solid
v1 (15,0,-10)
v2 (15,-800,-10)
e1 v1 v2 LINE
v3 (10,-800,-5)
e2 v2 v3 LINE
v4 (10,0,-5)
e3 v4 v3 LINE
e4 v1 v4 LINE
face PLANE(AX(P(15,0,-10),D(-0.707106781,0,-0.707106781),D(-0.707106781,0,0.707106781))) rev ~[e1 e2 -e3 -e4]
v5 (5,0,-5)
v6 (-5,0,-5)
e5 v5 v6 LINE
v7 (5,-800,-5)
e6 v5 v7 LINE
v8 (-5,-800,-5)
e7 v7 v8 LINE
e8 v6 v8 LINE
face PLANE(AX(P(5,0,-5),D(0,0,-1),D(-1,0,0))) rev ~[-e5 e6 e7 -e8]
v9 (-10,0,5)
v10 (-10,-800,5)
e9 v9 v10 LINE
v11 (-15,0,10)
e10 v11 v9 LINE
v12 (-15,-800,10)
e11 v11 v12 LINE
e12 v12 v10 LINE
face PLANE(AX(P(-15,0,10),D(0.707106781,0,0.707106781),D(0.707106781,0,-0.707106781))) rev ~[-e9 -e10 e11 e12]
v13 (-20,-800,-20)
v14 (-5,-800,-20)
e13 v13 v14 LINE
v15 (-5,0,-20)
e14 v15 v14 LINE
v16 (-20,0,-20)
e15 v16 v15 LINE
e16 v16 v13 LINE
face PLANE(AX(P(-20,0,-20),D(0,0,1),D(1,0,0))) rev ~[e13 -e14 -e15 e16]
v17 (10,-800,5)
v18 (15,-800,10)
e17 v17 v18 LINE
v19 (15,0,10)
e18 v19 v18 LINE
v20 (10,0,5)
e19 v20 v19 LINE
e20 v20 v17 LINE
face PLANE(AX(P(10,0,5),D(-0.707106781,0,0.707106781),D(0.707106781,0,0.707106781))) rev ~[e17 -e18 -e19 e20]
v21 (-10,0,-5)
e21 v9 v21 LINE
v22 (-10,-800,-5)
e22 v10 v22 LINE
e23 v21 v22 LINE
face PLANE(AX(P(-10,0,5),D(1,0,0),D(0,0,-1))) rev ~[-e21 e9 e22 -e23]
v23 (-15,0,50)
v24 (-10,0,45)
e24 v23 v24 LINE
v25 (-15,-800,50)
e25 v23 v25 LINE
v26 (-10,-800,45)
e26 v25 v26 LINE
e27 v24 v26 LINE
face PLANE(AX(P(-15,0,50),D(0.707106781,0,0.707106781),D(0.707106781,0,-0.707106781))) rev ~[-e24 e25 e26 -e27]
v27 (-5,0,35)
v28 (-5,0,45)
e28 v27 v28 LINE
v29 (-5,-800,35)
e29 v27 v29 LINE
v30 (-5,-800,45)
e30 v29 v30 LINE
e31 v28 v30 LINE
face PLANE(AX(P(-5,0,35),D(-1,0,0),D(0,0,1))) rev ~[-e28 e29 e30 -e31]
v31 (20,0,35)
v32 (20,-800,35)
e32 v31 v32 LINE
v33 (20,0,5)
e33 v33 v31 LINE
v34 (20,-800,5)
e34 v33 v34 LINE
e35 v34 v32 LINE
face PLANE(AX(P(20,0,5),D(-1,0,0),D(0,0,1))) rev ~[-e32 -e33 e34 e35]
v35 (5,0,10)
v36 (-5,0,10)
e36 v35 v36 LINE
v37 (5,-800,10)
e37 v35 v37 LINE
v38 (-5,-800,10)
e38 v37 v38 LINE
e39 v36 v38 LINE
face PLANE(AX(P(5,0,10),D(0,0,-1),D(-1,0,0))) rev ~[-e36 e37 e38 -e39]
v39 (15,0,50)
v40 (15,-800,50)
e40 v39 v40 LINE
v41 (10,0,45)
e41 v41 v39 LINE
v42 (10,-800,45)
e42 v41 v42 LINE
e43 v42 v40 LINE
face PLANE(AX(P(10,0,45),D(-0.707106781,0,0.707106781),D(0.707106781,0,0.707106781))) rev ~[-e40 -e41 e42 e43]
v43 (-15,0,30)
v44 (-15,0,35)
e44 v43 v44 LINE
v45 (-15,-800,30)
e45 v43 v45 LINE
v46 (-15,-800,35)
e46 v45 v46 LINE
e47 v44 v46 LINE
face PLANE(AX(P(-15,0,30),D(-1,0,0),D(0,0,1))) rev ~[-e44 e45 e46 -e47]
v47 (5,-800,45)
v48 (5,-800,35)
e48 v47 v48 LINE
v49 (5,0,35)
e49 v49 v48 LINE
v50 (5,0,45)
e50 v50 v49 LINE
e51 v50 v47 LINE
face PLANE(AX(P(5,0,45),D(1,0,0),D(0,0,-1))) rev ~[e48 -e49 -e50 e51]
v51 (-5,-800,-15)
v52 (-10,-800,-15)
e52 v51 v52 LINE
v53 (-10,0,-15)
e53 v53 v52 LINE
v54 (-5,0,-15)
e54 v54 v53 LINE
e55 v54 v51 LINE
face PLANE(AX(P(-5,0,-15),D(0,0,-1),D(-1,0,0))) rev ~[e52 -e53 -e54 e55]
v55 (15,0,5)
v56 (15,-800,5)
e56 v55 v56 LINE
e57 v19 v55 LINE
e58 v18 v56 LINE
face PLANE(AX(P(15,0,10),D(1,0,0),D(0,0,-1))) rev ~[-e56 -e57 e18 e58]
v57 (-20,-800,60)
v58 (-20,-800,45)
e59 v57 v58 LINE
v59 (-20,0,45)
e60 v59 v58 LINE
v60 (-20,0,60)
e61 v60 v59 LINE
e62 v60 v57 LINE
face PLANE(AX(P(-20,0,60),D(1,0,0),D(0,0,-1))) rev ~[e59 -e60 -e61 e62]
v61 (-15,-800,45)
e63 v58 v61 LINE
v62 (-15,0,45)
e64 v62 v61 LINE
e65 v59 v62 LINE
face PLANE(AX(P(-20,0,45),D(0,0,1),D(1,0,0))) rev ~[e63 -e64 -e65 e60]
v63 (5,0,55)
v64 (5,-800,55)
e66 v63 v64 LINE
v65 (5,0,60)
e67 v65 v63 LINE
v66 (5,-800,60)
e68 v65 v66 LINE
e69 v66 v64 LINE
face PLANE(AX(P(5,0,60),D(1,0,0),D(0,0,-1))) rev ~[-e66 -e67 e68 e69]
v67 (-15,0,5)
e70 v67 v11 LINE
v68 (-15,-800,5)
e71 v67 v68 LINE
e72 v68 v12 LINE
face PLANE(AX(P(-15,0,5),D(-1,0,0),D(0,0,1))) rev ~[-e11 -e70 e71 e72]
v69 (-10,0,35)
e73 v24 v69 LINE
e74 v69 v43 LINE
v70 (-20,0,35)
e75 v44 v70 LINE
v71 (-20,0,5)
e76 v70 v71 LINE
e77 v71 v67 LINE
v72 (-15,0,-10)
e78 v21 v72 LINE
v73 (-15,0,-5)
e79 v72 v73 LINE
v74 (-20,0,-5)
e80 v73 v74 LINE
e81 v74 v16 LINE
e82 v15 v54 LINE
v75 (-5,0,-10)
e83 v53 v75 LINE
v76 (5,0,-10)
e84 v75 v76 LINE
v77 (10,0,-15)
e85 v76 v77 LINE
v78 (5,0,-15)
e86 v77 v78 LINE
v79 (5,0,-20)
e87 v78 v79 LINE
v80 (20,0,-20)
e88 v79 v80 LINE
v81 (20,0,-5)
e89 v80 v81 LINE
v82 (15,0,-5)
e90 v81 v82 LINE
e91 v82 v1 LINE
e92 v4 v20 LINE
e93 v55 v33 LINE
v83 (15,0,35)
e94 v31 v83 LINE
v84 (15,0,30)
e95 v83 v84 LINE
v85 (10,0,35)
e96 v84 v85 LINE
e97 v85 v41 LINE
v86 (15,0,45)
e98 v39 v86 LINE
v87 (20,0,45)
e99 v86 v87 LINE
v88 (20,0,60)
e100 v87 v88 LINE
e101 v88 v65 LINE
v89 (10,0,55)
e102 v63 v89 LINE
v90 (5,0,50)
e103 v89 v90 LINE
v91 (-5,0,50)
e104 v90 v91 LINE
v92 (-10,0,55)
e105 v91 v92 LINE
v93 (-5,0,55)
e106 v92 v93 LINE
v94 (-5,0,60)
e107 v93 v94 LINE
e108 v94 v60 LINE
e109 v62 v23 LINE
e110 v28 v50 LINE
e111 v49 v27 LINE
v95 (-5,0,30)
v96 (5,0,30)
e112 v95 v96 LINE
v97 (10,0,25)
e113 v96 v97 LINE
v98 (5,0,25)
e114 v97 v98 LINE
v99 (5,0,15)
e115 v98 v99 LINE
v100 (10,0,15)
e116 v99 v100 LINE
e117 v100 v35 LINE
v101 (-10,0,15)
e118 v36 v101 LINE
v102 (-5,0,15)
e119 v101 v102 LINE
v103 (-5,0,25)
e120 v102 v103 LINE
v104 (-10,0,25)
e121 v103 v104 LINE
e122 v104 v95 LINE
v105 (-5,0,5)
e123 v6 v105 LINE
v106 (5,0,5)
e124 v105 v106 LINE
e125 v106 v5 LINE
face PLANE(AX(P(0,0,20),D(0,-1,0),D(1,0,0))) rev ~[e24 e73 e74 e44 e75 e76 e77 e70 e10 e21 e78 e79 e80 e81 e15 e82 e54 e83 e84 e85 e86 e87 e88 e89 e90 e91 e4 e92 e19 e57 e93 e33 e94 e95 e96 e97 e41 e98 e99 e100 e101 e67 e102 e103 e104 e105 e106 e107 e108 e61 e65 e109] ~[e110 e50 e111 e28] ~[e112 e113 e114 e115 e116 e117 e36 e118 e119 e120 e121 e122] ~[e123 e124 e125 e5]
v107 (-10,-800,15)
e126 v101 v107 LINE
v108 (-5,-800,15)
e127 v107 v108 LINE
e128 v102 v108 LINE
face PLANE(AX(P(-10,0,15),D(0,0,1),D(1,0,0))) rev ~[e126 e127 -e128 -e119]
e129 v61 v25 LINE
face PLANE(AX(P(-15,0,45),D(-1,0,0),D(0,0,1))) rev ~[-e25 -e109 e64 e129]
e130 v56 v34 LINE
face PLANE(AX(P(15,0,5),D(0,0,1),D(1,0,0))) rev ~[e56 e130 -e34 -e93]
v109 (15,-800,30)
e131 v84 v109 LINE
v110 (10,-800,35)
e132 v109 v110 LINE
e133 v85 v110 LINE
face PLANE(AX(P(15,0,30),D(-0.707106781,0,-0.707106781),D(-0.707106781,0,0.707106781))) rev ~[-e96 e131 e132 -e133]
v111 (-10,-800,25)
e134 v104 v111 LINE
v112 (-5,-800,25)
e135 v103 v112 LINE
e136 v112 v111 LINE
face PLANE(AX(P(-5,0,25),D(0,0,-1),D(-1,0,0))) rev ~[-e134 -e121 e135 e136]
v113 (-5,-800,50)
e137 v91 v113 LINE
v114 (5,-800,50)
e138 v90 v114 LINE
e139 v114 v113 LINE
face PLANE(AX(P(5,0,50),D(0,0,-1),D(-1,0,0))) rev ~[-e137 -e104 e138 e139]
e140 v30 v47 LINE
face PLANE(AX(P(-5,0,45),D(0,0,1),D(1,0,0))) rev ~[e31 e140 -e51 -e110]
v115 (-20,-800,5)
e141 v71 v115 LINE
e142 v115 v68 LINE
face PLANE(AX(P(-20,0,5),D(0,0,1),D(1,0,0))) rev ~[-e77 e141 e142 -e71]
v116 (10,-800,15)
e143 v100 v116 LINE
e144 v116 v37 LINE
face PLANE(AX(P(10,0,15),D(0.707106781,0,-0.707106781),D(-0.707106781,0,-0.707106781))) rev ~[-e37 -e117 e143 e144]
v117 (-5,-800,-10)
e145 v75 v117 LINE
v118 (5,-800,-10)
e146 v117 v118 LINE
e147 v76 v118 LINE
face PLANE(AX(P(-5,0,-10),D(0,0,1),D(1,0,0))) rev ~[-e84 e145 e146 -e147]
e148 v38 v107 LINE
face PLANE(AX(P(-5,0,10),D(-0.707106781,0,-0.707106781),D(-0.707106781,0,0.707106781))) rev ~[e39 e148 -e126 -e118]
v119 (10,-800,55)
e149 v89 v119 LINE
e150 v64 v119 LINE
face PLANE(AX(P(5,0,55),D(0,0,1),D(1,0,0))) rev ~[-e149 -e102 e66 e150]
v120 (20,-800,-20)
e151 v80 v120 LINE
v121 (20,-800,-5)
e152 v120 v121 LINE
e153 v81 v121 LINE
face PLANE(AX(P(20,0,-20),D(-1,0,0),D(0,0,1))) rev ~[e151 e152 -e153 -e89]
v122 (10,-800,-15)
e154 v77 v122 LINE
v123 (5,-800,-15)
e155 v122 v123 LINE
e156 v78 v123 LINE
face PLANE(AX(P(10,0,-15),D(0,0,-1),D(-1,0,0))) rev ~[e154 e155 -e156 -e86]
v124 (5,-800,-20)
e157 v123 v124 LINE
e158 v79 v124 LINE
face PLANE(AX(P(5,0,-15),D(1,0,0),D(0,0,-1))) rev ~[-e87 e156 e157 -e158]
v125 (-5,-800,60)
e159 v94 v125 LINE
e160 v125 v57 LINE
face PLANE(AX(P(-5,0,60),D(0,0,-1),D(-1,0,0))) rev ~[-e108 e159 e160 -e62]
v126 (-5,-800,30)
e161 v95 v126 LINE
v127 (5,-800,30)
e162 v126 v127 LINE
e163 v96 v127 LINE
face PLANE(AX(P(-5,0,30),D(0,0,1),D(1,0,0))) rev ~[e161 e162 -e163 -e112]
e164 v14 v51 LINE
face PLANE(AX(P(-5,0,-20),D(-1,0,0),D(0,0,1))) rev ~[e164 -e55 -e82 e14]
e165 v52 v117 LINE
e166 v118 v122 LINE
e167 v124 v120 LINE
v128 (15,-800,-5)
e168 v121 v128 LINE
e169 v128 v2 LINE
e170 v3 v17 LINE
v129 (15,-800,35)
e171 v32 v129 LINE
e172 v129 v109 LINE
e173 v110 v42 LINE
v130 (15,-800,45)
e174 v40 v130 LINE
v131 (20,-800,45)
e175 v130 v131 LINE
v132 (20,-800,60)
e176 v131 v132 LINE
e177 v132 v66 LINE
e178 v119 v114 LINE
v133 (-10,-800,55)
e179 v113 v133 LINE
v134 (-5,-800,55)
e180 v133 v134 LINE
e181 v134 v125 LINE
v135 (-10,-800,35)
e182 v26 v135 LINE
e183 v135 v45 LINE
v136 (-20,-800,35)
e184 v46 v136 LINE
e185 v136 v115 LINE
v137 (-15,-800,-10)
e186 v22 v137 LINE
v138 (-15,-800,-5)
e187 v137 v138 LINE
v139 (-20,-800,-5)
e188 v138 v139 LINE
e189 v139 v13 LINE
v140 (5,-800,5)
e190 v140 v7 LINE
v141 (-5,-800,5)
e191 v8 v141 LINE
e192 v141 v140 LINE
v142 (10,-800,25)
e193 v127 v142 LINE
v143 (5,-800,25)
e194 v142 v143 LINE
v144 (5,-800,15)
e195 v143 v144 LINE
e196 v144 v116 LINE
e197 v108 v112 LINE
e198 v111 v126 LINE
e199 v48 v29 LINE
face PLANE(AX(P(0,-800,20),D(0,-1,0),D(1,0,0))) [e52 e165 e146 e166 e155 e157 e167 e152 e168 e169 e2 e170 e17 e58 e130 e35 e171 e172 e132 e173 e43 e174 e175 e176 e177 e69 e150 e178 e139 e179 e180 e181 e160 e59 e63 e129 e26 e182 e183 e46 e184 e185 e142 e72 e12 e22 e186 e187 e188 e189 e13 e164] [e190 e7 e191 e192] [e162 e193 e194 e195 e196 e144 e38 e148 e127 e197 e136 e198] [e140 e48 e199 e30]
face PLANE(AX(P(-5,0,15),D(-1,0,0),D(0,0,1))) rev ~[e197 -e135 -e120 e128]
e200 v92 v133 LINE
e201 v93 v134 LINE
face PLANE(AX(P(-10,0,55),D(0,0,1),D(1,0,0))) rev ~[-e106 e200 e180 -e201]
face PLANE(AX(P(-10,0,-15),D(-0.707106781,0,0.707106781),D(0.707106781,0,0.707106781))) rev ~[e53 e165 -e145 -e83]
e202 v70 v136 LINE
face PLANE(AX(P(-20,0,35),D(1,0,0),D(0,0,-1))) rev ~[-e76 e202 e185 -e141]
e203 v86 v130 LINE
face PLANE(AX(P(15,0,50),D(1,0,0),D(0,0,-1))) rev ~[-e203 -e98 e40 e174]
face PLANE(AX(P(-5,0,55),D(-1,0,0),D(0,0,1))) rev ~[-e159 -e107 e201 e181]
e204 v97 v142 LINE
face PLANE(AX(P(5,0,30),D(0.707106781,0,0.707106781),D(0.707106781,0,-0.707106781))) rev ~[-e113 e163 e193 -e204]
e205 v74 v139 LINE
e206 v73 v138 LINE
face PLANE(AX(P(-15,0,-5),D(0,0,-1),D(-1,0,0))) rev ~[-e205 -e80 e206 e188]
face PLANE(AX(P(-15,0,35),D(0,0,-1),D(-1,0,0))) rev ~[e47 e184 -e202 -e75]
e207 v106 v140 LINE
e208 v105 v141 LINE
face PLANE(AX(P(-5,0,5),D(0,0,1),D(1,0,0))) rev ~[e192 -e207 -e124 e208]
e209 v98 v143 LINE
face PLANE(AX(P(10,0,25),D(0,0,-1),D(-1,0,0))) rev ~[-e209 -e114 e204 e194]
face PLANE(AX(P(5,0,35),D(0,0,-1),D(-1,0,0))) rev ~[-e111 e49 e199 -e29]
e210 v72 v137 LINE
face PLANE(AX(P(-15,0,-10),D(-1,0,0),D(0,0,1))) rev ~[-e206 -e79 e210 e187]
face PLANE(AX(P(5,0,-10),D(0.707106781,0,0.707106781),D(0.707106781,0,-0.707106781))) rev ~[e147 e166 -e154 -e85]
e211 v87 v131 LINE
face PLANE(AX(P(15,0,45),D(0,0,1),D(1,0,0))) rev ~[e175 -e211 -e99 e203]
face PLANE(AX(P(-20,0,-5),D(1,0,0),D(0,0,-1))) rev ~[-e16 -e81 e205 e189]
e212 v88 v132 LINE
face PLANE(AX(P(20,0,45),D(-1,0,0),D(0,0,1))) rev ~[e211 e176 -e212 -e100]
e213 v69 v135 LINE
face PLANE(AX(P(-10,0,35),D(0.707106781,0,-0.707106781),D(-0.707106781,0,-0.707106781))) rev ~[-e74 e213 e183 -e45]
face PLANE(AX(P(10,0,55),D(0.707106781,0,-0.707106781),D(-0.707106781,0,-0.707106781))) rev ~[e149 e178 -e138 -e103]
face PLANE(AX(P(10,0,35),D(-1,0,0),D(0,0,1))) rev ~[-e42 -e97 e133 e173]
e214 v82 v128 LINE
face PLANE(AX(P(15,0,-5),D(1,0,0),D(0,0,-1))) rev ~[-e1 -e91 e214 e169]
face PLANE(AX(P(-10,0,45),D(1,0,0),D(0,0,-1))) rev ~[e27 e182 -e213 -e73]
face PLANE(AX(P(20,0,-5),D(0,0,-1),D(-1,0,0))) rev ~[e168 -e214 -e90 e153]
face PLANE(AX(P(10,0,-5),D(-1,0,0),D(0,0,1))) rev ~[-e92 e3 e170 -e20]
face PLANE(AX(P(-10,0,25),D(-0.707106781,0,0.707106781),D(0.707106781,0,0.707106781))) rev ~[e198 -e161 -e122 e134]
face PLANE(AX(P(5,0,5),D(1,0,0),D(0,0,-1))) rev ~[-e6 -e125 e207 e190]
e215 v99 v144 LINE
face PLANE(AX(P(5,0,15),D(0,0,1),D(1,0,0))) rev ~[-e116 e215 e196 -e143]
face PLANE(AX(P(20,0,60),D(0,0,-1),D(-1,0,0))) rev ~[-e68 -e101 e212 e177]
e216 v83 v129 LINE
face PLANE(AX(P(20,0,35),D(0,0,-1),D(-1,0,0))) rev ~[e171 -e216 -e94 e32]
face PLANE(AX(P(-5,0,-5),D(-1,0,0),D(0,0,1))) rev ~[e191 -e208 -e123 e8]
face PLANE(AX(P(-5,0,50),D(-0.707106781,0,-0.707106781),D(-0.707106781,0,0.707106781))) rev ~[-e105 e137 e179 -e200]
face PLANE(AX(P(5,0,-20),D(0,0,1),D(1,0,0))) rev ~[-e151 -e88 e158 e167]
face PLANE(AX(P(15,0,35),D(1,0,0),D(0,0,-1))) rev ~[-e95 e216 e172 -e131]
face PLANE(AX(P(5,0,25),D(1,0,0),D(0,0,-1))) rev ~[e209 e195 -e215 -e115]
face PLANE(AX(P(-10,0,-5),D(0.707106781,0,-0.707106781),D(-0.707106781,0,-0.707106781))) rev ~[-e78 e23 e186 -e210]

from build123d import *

# Parameters (mm, degrees)
F1_DEPTH = 800


with BuildPart() as f1:
    # F0 (on Front) → F1 (new body)
    with BuildSketch(Plane.XZ):
        Polygon((5, -20), (20, -20), (20, -5), (15, -5), (15, -10), (10, -5), (10, 5), (15, 10), (15, 5), (20, 5), (20, 20), (20, 35), (15, 35), (15, 30), (10, 35), (10, 45), (15, 50), (15, 45), (20, 45), (20, 60), (5, 60), (5, 55), (10, 55), (5, 50), (-5, 50), (-10, 55), (-5, 55), (-5, 60), (-20, 60), (-20, 45), (-15, 45), (-15, 50), (-10, 45), (-10, 35), (-15, 30), (-15, 35), (-20, 35), (-20, 20), (-20, 5), (-15, 5), (-15, 10), (-10, 5), (-10, -5), (-15, -10), (-15, -5), (-20, -5), (-20, -20), (-5, -20), (-5, -15), (-10, -15), (-5, -10), (5, -10), (10, -15), (5, -15), align=None)
        Polygon((-5, 0), (-5, 5), (0, 5), (5, 5), (5, 0), (5, -5), (0, -5), (-5, -5), align=None, mode=Mode.SUBTRACT)
        Polygon((-5, 15), (-5, 20), (-5, 25), (-10, 25), (-5, 30), (5, 30), (10, 25), (5, 25), (5, 20), (5, 15), (10, 15), (5, 10), (-5, 10), (-10, 15), align=None, mode=Mode.SUBTRACT)
        Polygon((-5, 40), (-5, 45), (0, 45), (5, 45), (5, 40), (5, 35), (0, 35), (-5, 35), align=None, mode=Mode.SUBTRACT)
    extrude(amount=F1_DEPTH)


solid = f1.part
